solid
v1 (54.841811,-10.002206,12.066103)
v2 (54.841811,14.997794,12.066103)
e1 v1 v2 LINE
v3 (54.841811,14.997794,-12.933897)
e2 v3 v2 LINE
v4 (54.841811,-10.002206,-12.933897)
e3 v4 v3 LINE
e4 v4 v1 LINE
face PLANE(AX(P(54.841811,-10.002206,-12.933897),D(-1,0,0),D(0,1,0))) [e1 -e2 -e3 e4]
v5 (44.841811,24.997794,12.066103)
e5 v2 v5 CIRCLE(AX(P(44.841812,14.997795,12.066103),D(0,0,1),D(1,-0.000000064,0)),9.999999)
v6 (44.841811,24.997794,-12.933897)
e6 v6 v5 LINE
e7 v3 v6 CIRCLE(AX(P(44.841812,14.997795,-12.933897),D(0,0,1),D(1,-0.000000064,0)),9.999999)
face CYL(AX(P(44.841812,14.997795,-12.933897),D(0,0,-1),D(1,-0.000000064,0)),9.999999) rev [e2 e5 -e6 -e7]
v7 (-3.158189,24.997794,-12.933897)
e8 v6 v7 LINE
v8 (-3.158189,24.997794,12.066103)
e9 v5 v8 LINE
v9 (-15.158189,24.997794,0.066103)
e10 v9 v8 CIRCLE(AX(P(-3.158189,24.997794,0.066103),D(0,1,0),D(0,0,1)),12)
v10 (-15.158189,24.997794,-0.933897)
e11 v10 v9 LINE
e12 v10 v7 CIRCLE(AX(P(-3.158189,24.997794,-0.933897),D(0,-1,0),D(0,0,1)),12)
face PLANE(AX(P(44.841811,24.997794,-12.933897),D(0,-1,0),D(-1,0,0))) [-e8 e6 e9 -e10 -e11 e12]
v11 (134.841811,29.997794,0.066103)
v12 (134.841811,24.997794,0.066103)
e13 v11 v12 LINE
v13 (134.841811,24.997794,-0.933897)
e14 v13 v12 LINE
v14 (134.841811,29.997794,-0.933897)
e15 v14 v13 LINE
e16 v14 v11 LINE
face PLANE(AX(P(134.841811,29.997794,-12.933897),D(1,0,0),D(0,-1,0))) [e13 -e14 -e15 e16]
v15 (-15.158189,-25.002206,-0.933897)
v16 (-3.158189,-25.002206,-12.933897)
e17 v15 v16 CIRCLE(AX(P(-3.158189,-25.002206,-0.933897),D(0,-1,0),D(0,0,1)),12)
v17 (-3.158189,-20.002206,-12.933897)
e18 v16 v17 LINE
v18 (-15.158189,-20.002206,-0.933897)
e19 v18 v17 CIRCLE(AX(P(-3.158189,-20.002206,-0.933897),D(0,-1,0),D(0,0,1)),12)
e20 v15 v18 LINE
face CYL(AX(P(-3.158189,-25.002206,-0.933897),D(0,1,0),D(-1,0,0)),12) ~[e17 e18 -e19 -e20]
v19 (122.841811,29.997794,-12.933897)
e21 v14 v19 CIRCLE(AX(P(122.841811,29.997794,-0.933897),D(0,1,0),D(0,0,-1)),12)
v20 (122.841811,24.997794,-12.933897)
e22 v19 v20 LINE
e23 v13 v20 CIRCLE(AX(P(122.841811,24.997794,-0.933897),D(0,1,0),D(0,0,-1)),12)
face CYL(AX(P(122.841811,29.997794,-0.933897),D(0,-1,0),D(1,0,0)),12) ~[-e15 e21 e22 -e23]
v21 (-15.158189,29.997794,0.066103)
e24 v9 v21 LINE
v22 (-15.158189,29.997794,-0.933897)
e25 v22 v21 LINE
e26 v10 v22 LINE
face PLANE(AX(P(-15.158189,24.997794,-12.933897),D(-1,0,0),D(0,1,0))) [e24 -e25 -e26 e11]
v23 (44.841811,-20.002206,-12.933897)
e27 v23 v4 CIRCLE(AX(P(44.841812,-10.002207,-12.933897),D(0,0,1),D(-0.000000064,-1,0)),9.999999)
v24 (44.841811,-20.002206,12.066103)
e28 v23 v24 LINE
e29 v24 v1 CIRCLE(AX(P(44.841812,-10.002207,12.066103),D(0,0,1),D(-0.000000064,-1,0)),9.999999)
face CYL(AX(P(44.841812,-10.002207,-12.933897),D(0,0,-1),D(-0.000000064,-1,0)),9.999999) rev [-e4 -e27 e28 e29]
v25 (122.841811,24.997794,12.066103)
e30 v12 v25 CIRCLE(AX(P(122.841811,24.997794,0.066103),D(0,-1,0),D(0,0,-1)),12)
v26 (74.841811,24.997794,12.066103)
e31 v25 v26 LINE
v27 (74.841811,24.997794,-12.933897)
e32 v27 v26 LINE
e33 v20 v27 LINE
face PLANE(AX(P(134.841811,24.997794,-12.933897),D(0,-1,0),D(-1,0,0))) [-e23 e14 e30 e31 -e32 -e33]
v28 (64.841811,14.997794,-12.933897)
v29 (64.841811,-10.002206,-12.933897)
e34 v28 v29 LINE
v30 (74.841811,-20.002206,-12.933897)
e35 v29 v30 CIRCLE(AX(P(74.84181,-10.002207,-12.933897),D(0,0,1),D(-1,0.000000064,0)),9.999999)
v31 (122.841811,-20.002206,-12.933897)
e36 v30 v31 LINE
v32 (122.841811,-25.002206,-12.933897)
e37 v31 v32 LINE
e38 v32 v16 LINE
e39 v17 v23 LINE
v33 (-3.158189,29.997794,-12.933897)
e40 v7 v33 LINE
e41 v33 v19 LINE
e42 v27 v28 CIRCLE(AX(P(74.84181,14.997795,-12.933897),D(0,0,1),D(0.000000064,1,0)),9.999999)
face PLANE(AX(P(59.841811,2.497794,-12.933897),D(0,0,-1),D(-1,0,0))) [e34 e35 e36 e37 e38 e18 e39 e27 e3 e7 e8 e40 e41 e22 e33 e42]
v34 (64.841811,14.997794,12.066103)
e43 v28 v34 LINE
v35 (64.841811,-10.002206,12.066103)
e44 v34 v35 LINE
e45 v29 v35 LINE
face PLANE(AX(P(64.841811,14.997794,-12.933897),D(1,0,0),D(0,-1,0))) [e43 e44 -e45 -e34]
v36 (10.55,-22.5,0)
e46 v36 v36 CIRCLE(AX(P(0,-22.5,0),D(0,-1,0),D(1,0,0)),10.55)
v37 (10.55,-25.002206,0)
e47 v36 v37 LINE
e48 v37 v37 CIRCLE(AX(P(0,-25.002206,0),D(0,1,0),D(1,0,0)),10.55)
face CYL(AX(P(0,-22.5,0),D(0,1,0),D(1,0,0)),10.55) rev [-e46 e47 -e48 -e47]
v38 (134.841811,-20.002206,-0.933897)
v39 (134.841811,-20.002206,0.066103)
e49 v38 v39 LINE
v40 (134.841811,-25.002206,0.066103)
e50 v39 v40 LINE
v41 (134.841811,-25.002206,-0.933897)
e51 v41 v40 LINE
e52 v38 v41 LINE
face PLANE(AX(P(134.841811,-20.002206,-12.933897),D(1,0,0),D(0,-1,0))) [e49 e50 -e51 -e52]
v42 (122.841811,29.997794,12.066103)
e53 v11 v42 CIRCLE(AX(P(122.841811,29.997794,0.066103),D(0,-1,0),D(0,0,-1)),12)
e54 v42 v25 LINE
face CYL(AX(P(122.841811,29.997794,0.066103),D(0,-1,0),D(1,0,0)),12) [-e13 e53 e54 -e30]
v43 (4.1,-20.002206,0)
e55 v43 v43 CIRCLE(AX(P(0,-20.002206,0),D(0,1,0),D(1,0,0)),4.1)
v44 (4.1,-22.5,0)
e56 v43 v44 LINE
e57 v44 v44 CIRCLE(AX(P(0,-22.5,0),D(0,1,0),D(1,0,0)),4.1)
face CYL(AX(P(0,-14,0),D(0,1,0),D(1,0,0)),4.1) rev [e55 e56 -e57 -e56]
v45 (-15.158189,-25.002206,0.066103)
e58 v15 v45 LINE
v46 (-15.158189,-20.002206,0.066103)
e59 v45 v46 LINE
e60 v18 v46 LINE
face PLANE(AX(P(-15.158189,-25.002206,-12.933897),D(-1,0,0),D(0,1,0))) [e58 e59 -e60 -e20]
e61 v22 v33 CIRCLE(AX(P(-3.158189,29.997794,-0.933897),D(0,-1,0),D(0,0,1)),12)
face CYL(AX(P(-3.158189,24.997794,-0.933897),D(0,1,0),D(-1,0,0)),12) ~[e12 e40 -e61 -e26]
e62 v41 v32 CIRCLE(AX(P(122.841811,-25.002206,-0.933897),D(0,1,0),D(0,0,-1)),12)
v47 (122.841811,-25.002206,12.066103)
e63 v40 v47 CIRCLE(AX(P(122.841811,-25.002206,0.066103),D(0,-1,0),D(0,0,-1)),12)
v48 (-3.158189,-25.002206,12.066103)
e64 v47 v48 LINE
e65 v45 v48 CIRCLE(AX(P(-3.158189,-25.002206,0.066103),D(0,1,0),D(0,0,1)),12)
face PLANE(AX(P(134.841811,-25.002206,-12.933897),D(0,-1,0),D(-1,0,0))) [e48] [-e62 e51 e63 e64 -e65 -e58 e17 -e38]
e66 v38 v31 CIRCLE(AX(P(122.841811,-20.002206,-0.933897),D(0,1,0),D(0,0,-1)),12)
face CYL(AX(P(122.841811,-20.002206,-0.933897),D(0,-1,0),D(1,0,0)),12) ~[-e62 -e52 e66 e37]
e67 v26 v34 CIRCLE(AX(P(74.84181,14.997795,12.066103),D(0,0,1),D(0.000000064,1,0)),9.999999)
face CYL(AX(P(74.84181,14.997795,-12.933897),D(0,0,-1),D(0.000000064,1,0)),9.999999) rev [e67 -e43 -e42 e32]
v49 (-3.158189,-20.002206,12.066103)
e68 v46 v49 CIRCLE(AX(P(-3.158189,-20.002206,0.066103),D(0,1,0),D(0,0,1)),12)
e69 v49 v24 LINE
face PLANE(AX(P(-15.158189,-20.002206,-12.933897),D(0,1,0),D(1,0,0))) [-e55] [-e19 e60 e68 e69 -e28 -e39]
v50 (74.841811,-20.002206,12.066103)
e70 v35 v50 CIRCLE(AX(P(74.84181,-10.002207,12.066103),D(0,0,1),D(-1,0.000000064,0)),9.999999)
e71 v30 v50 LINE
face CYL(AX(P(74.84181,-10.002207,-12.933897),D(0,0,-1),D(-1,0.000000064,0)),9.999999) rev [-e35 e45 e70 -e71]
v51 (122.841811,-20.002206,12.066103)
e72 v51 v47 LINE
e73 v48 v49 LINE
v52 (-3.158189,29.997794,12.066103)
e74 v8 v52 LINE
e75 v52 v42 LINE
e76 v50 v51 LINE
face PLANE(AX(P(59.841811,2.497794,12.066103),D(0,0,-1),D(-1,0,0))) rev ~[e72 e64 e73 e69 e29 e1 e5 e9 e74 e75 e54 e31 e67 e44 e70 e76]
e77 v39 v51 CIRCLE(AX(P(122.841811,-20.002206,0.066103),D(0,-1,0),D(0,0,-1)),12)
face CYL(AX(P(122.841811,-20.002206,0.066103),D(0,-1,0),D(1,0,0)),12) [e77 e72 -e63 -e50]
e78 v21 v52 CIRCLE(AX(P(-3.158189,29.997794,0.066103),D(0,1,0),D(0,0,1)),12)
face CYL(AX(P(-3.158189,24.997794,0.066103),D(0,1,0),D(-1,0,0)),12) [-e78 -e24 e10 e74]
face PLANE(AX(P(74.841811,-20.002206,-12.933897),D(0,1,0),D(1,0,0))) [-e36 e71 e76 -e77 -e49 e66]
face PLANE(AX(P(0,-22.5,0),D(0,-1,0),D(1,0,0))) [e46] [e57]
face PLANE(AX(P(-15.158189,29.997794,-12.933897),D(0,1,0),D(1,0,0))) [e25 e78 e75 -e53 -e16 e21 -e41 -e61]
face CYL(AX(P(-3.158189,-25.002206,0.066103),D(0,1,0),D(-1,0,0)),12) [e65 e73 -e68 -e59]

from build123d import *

# Parameters (mm, degrees)
CYLINDER018_R          = 4.1
CYLINDER018_DEPTH      = 10
CYLINDER018_ROLL_ANGLE = 90
CYLINDER016_R          = 10.55
CYLINDER016_DEPTH      = 10
CYLINDER016_ROLL_ANGLE = 90
PAD_DEPTH              = 25
FILLET004_R            = 12


with BuildPart() as cilindro018:
    # Cylinder018 → Cylinder018 (new body)
    with BuildSketch(Plane.XY):
        Circle(CYLINDER018_R)
    extrude(amount=CYLINDER018_DEPTH)


with BuildPart() as cilindro018_1:
    # Cylinder018 roll: moved
    add(cilindro018.part.rotate(Axis((0, 0, 0), (1, 0, 0)), CYLINDER018_ROLL_ANGLE))


with BuildPart() as cilindro018_2:
    # Cylinder018 placement: moved
    add(cilindro018_1.part.moved(Location((0, -14, 0))))


with BuildPart() as taladro_horm:
    # Cylinder016 → Cylinder016 (new body)
    with BuildSketch(Plane.XY):
        Circle(CYLINDER016_R)
    extrude(amount=CYLINDER016_DEPTH)


with BuildPart() as taladro_horm_1:
    # Cylinder016 roll: moved
    add(taladro_horm.part.rotate(Axis((0, 0, 0), (1, 0, 0)), CYLINDER016_ROLL_ANGLE))


with BuildPart() as taladro_horm_2:
    # Cylinder016 placement: moved
    add(taladro_horm_1.part.moved(Location((0, -22.5, 0))))

    # Fusion001: union Cilindro018
    add(cilindro018_2.part)


with BuildPart() as cut023003:
    # Sketch → Pad (new body)
    with BuildSketch(Plane.XY):
        with BuildLine():
            Line((-25, -30), (-25, -25))
            Line((-25, -25), (35, -25))
            ThreePointArc((35, -25), (42.071068, -22.071068), (45, -15))
            Line((45, -15), (45, 10))
            ThreePointArc((45, 10), (42.071068, 17.071068), (35, 20))
            Line((35, 20), (-25, 20))
            Line((-25, 20), (-25, 25))
            Line((-25, 25), (125, 25))
            Line((125, 25), (125, 20))
            Line((125, 20), (65, 20))
            ThreePointArc((65, 20), (57.928932, 17.071068), (55, 10))
            Line((55, 10), (55, -15))
            ThreePointArc((55, -15), (57.928932, -22.071068), (65, -25))
            Line((65, -25), (125, -25))
            Line((125, -25), (125, -30))
            Line((125, -30), (-25, -30))
        make_face()
    extrude(amount=PAD_DEPTH)

    # Fillet004
    fillet004_edges = [cut023003.edges().sort_by_distance(p)[0] for p in [
        (-25, -27.5, 0),
        (-25, -27.5, 25),
        (-25, 22.5, 0),
        (-25, 22.5, 25),
        (125, 22.5, 0),
        (125, 22.5, 25),
        (125, -27.5, 0),
        (125, -27.5, 25),
    ]]
    fillet(fillet004_edges, radius=FILLET004_R)


with BuildPart() as cut023003_1:
    # Fillet004 placement: moved
    add(cut023003.part.moved(Location((9.841811, 4.997794, -12.933897))))

    # Cut023003: cut Taladro-horm
    add(taladro_horm_2.part, mode=Mode.SUBTRACT)


solid = cut023003_1.part
